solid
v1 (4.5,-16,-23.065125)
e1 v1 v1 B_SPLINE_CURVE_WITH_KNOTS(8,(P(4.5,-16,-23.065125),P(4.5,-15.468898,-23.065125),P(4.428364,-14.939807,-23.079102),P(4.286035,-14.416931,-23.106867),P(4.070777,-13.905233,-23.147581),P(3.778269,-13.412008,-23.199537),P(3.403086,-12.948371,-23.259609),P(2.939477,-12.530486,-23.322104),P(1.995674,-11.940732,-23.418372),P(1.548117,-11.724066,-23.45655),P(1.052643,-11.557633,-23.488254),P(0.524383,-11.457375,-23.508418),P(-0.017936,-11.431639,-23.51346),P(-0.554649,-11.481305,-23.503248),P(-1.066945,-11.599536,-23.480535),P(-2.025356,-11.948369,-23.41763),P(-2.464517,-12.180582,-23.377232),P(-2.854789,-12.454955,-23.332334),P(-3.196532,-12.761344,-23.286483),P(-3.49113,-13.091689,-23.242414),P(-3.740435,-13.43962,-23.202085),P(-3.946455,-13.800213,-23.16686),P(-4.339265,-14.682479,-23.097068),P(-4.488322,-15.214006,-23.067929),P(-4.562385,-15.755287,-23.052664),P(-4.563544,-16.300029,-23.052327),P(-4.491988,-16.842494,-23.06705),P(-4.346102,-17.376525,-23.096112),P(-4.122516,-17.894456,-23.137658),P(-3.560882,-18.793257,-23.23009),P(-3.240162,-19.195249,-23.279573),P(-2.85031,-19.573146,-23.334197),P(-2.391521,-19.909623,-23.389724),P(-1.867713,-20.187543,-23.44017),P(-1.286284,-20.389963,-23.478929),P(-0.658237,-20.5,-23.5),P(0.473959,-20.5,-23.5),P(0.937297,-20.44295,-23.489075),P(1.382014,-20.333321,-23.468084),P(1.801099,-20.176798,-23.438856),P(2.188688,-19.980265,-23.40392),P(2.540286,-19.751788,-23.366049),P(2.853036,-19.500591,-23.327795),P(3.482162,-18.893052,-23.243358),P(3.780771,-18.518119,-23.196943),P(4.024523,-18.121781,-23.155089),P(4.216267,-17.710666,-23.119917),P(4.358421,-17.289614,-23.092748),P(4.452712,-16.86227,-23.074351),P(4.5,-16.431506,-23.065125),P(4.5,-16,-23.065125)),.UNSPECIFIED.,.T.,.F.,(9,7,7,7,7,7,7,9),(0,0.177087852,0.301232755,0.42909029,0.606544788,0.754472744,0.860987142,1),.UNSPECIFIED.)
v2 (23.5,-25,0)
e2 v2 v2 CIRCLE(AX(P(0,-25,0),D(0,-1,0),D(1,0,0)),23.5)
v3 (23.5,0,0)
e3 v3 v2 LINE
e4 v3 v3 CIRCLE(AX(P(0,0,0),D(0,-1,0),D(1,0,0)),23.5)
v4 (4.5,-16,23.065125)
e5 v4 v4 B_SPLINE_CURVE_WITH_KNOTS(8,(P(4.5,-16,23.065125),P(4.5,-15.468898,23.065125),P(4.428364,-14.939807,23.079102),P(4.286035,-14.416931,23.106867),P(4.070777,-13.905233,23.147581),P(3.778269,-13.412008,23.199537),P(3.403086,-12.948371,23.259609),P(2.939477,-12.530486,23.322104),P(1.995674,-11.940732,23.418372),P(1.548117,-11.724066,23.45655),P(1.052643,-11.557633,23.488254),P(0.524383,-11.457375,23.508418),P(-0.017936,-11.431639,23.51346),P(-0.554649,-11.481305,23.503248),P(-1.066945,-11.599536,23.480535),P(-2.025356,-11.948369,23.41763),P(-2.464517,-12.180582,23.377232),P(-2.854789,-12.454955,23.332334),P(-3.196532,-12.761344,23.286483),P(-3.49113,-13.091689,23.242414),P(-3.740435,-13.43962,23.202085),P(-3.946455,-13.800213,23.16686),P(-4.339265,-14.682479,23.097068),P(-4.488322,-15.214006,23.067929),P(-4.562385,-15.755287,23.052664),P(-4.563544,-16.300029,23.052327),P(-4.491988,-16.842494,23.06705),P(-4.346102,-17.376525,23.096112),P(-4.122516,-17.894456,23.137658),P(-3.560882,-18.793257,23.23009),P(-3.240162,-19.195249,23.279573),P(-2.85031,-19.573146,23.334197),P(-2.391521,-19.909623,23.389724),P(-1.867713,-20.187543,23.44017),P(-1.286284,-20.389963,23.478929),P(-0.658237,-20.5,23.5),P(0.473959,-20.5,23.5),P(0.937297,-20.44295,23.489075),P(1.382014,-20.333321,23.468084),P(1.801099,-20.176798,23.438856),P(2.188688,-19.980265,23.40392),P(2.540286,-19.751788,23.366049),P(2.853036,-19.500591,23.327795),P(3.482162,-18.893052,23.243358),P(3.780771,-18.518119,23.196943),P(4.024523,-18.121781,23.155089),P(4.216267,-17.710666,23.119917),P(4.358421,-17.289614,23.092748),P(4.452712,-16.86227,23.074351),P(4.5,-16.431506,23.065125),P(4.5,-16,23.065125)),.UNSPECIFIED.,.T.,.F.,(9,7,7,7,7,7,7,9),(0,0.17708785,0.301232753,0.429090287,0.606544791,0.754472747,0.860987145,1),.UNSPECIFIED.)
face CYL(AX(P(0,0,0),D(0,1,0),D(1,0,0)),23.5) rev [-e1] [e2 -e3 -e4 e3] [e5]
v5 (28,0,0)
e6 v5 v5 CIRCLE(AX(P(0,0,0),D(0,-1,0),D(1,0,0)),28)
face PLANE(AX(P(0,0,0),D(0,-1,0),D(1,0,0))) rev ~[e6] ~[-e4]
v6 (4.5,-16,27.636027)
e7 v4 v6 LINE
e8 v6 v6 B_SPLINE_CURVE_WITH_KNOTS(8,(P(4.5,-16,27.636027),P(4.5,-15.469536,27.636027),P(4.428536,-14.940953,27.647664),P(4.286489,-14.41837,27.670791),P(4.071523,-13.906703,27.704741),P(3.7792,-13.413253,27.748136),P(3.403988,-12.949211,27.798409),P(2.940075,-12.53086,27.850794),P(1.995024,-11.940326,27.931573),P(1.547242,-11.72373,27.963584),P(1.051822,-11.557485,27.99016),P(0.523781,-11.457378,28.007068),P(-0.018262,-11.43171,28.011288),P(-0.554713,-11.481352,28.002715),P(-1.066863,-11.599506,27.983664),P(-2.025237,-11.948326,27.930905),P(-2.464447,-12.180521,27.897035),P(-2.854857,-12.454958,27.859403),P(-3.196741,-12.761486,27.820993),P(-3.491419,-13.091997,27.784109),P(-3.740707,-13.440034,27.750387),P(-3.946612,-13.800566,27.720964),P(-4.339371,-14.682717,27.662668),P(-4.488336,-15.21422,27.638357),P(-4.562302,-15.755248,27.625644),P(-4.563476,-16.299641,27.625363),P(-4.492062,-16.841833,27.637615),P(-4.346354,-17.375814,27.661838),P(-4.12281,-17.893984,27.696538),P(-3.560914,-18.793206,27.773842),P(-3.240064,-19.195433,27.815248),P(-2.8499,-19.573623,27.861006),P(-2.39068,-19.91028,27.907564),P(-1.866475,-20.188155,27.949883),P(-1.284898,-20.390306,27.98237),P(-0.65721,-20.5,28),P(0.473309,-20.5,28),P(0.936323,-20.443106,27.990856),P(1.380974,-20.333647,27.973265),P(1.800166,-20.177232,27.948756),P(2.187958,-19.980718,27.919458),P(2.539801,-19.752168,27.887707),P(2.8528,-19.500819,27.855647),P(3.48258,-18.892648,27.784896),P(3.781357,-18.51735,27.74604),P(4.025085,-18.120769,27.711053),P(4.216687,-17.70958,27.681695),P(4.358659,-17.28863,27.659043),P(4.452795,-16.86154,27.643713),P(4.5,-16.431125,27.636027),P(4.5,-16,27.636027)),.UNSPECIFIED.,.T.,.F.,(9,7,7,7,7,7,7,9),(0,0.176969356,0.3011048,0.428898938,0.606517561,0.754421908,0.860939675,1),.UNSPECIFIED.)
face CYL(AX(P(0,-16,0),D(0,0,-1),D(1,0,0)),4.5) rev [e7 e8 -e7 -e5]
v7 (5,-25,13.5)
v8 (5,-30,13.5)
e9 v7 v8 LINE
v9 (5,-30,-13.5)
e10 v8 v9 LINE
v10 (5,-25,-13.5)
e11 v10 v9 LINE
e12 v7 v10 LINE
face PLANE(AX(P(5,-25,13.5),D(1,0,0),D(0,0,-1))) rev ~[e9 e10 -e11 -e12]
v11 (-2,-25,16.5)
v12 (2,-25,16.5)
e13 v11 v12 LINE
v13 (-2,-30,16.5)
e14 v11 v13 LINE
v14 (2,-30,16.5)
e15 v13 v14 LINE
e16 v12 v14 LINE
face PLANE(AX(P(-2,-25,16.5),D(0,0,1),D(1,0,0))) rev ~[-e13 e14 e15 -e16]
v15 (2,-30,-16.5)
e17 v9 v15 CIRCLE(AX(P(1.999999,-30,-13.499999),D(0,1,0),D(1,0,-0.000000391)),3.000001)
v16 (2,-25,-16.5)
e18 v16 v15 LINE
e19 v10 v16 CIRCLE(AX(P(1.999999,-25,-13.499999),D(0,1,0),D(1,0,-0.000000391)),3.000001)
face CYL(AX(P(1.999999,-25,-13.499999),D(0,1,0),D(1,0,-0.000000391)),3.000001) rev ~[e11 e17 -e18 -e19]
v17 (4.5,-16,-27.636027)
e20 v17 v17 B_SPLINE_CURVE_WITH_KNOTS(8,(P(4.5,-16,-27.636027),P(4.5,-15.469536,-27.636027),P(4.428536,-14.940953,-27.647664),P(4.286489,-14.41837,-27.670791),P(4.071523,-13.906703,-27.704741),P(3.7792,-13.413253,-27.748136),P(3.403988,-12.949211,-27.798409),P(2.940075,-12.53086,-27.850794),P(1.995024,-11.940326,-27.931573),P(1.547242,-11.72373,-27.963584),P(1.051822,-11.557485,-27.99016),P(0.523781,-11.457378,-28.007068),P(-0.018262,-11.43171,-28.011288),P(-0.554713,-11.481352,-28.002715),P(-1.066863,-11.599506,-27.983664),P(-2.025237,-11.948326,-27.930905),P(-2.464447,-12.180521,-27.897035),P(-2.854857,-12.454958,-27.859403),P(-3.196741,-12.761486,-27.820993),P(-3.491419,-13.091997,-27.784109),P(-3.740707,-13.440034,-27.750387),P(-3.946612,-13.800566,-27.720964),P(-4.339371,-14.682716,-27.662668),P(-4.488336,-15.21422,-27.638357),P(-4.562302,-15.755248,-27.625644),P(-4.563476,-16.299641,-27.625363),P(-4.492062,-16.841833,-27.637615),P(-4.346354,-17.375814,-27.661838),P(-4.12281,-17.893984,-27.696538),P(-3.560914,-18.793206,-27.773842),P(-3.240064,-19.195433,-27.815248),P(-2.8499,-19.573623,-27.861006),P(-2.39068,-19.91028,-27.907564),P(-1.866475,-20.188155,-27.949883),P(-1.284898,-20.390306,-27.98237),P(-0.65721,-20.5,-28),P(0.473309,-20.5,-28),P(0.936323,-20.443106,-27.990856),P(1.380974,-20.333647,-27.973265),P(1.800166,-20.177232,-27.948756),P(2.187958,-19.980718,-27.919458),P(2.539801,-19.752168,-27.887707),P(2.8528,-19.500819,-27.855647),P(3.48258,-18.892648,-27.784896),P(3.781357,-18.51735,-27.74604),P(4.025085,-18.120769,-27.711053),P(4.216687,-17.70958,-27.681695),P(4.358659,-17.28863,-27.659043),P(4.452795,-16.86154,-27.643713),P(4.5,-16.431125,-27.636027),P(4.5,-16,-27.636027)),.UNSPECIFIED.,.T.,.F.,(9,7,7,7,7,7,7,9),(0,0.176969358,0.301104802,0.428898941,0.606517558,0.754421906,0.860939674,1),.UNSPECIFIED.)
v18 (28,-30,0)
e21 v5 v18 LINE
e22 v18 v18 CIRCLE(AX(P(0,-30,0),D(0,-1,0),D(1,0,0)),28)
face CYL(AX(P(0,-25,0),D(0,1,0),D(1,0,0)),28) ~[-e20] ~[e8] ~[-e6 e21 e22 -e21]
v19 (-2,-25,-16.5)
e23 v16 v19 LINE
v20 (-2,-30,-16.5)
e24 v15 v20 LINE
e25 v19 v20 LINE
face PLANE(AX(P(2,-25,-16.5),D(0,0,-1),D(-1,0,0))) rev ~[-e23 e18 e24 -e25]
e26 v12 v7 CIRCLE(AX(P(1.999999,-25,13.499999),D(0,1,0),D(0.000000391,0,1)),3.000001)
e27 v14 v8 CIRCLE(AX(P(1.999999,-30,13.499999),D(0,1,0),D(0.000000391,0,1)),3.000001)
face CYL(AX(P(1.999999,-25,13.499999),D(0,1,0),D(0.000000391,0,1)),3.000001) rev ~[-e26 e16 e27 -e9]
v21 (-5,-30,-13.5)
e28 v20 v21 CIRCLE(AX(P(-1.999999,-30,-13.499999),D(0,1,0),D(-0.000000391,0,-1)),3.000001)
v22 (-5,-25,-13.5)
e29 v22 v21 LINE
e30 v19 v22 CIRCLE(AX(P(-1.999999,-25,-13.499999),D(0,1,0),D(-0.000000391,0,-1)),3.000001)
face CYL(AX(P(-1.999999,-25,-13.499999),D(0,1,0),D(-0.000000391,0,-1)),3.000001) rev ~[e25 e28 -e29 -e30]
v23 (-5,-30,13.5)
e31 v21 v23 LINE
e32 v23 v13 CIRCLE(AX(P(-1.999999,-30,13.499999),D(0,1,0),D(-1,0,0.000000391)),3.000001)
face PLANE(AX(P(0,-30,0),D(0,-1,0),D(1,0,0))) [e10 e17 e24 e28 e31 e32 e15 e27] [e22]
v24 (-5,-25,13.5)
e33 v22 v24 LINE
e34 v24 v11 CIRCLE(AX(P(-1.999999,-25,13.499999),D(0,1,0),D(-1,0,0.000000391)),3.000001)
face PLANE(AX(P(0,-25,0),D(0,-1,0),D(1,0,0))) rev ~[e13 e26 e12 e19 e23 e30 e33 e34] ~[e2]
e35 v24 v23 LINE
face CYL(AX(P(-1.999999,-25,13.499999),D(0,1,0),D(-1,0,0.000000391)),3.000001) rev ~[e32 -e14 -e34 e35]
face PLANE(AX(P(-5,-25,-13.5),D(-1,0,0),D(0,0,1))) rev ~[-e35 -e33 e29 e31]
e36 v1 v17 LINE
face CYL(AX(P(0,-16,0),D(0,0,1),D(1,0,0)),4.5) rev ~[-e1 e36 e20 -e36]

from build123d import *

# Parameters (mm, degrees)
F0_R          = 28
F0_R_2        = 23.5
F1_DEPTH      = 25
F2_R          = 28
F3_DEPTH      = 5
F5_R          = 4.5
F6_DEPTH      = 50
F6_DEPTH_BACK = 50


with BuildPart() as f1:
    # F0 (on Front) → F1 (new body)
    with BuildSketch(Plane.XZ):
        Circle(F0_R)
        Circle(F0_R_2, mode=Mode.SUBTRACT)
    extrude(amount=F1_DEPTH)

    # F2 (on face) → F3 (join)
    with BuildSketch(Plane.XZ.offset(25)):
        Circle(F2_R)
        with BuildLine():
            Line((-5, -13.5), (-5, 13.5))
            ThreePointArc((-5, 13.5), (-4.12132, 15.62132), (-2, 16.5))
            Line((-2, 16.5), (2, 16.5))
            ThreePointArc((2, 16.5), (4.12132, 15.62132), (5, 13.5))
            Line((5, 13.5), (5, -13.5))
            ThreePointArc((5, -13.5), (4.12132, -15.62132), (2, -16.5))
            Line((2, -16.5), (-2, -16.5))
            ThreePointArc((-2, -16.5), (-4.12132, -15.62132), (-5, -13.5))
        make_face(mode=Mode.SUBTRACT)
    extrude(amount=F3_DEPTH)

    # F5 (on Top) → F6 (cut, two sides)
    with BuildSketch(Plane.XY) as f6_sk:
        with Locations((0, -16)):
            Circle(F5_R)
    extrude(amount=F6_DEPTH, mode=Mode.SUBTRACT)
    extrude(f6_sk.sketch, amount=-F6_DEPTH_BACK, mode=Mode.SUBTRACT)


solid = f1.part
